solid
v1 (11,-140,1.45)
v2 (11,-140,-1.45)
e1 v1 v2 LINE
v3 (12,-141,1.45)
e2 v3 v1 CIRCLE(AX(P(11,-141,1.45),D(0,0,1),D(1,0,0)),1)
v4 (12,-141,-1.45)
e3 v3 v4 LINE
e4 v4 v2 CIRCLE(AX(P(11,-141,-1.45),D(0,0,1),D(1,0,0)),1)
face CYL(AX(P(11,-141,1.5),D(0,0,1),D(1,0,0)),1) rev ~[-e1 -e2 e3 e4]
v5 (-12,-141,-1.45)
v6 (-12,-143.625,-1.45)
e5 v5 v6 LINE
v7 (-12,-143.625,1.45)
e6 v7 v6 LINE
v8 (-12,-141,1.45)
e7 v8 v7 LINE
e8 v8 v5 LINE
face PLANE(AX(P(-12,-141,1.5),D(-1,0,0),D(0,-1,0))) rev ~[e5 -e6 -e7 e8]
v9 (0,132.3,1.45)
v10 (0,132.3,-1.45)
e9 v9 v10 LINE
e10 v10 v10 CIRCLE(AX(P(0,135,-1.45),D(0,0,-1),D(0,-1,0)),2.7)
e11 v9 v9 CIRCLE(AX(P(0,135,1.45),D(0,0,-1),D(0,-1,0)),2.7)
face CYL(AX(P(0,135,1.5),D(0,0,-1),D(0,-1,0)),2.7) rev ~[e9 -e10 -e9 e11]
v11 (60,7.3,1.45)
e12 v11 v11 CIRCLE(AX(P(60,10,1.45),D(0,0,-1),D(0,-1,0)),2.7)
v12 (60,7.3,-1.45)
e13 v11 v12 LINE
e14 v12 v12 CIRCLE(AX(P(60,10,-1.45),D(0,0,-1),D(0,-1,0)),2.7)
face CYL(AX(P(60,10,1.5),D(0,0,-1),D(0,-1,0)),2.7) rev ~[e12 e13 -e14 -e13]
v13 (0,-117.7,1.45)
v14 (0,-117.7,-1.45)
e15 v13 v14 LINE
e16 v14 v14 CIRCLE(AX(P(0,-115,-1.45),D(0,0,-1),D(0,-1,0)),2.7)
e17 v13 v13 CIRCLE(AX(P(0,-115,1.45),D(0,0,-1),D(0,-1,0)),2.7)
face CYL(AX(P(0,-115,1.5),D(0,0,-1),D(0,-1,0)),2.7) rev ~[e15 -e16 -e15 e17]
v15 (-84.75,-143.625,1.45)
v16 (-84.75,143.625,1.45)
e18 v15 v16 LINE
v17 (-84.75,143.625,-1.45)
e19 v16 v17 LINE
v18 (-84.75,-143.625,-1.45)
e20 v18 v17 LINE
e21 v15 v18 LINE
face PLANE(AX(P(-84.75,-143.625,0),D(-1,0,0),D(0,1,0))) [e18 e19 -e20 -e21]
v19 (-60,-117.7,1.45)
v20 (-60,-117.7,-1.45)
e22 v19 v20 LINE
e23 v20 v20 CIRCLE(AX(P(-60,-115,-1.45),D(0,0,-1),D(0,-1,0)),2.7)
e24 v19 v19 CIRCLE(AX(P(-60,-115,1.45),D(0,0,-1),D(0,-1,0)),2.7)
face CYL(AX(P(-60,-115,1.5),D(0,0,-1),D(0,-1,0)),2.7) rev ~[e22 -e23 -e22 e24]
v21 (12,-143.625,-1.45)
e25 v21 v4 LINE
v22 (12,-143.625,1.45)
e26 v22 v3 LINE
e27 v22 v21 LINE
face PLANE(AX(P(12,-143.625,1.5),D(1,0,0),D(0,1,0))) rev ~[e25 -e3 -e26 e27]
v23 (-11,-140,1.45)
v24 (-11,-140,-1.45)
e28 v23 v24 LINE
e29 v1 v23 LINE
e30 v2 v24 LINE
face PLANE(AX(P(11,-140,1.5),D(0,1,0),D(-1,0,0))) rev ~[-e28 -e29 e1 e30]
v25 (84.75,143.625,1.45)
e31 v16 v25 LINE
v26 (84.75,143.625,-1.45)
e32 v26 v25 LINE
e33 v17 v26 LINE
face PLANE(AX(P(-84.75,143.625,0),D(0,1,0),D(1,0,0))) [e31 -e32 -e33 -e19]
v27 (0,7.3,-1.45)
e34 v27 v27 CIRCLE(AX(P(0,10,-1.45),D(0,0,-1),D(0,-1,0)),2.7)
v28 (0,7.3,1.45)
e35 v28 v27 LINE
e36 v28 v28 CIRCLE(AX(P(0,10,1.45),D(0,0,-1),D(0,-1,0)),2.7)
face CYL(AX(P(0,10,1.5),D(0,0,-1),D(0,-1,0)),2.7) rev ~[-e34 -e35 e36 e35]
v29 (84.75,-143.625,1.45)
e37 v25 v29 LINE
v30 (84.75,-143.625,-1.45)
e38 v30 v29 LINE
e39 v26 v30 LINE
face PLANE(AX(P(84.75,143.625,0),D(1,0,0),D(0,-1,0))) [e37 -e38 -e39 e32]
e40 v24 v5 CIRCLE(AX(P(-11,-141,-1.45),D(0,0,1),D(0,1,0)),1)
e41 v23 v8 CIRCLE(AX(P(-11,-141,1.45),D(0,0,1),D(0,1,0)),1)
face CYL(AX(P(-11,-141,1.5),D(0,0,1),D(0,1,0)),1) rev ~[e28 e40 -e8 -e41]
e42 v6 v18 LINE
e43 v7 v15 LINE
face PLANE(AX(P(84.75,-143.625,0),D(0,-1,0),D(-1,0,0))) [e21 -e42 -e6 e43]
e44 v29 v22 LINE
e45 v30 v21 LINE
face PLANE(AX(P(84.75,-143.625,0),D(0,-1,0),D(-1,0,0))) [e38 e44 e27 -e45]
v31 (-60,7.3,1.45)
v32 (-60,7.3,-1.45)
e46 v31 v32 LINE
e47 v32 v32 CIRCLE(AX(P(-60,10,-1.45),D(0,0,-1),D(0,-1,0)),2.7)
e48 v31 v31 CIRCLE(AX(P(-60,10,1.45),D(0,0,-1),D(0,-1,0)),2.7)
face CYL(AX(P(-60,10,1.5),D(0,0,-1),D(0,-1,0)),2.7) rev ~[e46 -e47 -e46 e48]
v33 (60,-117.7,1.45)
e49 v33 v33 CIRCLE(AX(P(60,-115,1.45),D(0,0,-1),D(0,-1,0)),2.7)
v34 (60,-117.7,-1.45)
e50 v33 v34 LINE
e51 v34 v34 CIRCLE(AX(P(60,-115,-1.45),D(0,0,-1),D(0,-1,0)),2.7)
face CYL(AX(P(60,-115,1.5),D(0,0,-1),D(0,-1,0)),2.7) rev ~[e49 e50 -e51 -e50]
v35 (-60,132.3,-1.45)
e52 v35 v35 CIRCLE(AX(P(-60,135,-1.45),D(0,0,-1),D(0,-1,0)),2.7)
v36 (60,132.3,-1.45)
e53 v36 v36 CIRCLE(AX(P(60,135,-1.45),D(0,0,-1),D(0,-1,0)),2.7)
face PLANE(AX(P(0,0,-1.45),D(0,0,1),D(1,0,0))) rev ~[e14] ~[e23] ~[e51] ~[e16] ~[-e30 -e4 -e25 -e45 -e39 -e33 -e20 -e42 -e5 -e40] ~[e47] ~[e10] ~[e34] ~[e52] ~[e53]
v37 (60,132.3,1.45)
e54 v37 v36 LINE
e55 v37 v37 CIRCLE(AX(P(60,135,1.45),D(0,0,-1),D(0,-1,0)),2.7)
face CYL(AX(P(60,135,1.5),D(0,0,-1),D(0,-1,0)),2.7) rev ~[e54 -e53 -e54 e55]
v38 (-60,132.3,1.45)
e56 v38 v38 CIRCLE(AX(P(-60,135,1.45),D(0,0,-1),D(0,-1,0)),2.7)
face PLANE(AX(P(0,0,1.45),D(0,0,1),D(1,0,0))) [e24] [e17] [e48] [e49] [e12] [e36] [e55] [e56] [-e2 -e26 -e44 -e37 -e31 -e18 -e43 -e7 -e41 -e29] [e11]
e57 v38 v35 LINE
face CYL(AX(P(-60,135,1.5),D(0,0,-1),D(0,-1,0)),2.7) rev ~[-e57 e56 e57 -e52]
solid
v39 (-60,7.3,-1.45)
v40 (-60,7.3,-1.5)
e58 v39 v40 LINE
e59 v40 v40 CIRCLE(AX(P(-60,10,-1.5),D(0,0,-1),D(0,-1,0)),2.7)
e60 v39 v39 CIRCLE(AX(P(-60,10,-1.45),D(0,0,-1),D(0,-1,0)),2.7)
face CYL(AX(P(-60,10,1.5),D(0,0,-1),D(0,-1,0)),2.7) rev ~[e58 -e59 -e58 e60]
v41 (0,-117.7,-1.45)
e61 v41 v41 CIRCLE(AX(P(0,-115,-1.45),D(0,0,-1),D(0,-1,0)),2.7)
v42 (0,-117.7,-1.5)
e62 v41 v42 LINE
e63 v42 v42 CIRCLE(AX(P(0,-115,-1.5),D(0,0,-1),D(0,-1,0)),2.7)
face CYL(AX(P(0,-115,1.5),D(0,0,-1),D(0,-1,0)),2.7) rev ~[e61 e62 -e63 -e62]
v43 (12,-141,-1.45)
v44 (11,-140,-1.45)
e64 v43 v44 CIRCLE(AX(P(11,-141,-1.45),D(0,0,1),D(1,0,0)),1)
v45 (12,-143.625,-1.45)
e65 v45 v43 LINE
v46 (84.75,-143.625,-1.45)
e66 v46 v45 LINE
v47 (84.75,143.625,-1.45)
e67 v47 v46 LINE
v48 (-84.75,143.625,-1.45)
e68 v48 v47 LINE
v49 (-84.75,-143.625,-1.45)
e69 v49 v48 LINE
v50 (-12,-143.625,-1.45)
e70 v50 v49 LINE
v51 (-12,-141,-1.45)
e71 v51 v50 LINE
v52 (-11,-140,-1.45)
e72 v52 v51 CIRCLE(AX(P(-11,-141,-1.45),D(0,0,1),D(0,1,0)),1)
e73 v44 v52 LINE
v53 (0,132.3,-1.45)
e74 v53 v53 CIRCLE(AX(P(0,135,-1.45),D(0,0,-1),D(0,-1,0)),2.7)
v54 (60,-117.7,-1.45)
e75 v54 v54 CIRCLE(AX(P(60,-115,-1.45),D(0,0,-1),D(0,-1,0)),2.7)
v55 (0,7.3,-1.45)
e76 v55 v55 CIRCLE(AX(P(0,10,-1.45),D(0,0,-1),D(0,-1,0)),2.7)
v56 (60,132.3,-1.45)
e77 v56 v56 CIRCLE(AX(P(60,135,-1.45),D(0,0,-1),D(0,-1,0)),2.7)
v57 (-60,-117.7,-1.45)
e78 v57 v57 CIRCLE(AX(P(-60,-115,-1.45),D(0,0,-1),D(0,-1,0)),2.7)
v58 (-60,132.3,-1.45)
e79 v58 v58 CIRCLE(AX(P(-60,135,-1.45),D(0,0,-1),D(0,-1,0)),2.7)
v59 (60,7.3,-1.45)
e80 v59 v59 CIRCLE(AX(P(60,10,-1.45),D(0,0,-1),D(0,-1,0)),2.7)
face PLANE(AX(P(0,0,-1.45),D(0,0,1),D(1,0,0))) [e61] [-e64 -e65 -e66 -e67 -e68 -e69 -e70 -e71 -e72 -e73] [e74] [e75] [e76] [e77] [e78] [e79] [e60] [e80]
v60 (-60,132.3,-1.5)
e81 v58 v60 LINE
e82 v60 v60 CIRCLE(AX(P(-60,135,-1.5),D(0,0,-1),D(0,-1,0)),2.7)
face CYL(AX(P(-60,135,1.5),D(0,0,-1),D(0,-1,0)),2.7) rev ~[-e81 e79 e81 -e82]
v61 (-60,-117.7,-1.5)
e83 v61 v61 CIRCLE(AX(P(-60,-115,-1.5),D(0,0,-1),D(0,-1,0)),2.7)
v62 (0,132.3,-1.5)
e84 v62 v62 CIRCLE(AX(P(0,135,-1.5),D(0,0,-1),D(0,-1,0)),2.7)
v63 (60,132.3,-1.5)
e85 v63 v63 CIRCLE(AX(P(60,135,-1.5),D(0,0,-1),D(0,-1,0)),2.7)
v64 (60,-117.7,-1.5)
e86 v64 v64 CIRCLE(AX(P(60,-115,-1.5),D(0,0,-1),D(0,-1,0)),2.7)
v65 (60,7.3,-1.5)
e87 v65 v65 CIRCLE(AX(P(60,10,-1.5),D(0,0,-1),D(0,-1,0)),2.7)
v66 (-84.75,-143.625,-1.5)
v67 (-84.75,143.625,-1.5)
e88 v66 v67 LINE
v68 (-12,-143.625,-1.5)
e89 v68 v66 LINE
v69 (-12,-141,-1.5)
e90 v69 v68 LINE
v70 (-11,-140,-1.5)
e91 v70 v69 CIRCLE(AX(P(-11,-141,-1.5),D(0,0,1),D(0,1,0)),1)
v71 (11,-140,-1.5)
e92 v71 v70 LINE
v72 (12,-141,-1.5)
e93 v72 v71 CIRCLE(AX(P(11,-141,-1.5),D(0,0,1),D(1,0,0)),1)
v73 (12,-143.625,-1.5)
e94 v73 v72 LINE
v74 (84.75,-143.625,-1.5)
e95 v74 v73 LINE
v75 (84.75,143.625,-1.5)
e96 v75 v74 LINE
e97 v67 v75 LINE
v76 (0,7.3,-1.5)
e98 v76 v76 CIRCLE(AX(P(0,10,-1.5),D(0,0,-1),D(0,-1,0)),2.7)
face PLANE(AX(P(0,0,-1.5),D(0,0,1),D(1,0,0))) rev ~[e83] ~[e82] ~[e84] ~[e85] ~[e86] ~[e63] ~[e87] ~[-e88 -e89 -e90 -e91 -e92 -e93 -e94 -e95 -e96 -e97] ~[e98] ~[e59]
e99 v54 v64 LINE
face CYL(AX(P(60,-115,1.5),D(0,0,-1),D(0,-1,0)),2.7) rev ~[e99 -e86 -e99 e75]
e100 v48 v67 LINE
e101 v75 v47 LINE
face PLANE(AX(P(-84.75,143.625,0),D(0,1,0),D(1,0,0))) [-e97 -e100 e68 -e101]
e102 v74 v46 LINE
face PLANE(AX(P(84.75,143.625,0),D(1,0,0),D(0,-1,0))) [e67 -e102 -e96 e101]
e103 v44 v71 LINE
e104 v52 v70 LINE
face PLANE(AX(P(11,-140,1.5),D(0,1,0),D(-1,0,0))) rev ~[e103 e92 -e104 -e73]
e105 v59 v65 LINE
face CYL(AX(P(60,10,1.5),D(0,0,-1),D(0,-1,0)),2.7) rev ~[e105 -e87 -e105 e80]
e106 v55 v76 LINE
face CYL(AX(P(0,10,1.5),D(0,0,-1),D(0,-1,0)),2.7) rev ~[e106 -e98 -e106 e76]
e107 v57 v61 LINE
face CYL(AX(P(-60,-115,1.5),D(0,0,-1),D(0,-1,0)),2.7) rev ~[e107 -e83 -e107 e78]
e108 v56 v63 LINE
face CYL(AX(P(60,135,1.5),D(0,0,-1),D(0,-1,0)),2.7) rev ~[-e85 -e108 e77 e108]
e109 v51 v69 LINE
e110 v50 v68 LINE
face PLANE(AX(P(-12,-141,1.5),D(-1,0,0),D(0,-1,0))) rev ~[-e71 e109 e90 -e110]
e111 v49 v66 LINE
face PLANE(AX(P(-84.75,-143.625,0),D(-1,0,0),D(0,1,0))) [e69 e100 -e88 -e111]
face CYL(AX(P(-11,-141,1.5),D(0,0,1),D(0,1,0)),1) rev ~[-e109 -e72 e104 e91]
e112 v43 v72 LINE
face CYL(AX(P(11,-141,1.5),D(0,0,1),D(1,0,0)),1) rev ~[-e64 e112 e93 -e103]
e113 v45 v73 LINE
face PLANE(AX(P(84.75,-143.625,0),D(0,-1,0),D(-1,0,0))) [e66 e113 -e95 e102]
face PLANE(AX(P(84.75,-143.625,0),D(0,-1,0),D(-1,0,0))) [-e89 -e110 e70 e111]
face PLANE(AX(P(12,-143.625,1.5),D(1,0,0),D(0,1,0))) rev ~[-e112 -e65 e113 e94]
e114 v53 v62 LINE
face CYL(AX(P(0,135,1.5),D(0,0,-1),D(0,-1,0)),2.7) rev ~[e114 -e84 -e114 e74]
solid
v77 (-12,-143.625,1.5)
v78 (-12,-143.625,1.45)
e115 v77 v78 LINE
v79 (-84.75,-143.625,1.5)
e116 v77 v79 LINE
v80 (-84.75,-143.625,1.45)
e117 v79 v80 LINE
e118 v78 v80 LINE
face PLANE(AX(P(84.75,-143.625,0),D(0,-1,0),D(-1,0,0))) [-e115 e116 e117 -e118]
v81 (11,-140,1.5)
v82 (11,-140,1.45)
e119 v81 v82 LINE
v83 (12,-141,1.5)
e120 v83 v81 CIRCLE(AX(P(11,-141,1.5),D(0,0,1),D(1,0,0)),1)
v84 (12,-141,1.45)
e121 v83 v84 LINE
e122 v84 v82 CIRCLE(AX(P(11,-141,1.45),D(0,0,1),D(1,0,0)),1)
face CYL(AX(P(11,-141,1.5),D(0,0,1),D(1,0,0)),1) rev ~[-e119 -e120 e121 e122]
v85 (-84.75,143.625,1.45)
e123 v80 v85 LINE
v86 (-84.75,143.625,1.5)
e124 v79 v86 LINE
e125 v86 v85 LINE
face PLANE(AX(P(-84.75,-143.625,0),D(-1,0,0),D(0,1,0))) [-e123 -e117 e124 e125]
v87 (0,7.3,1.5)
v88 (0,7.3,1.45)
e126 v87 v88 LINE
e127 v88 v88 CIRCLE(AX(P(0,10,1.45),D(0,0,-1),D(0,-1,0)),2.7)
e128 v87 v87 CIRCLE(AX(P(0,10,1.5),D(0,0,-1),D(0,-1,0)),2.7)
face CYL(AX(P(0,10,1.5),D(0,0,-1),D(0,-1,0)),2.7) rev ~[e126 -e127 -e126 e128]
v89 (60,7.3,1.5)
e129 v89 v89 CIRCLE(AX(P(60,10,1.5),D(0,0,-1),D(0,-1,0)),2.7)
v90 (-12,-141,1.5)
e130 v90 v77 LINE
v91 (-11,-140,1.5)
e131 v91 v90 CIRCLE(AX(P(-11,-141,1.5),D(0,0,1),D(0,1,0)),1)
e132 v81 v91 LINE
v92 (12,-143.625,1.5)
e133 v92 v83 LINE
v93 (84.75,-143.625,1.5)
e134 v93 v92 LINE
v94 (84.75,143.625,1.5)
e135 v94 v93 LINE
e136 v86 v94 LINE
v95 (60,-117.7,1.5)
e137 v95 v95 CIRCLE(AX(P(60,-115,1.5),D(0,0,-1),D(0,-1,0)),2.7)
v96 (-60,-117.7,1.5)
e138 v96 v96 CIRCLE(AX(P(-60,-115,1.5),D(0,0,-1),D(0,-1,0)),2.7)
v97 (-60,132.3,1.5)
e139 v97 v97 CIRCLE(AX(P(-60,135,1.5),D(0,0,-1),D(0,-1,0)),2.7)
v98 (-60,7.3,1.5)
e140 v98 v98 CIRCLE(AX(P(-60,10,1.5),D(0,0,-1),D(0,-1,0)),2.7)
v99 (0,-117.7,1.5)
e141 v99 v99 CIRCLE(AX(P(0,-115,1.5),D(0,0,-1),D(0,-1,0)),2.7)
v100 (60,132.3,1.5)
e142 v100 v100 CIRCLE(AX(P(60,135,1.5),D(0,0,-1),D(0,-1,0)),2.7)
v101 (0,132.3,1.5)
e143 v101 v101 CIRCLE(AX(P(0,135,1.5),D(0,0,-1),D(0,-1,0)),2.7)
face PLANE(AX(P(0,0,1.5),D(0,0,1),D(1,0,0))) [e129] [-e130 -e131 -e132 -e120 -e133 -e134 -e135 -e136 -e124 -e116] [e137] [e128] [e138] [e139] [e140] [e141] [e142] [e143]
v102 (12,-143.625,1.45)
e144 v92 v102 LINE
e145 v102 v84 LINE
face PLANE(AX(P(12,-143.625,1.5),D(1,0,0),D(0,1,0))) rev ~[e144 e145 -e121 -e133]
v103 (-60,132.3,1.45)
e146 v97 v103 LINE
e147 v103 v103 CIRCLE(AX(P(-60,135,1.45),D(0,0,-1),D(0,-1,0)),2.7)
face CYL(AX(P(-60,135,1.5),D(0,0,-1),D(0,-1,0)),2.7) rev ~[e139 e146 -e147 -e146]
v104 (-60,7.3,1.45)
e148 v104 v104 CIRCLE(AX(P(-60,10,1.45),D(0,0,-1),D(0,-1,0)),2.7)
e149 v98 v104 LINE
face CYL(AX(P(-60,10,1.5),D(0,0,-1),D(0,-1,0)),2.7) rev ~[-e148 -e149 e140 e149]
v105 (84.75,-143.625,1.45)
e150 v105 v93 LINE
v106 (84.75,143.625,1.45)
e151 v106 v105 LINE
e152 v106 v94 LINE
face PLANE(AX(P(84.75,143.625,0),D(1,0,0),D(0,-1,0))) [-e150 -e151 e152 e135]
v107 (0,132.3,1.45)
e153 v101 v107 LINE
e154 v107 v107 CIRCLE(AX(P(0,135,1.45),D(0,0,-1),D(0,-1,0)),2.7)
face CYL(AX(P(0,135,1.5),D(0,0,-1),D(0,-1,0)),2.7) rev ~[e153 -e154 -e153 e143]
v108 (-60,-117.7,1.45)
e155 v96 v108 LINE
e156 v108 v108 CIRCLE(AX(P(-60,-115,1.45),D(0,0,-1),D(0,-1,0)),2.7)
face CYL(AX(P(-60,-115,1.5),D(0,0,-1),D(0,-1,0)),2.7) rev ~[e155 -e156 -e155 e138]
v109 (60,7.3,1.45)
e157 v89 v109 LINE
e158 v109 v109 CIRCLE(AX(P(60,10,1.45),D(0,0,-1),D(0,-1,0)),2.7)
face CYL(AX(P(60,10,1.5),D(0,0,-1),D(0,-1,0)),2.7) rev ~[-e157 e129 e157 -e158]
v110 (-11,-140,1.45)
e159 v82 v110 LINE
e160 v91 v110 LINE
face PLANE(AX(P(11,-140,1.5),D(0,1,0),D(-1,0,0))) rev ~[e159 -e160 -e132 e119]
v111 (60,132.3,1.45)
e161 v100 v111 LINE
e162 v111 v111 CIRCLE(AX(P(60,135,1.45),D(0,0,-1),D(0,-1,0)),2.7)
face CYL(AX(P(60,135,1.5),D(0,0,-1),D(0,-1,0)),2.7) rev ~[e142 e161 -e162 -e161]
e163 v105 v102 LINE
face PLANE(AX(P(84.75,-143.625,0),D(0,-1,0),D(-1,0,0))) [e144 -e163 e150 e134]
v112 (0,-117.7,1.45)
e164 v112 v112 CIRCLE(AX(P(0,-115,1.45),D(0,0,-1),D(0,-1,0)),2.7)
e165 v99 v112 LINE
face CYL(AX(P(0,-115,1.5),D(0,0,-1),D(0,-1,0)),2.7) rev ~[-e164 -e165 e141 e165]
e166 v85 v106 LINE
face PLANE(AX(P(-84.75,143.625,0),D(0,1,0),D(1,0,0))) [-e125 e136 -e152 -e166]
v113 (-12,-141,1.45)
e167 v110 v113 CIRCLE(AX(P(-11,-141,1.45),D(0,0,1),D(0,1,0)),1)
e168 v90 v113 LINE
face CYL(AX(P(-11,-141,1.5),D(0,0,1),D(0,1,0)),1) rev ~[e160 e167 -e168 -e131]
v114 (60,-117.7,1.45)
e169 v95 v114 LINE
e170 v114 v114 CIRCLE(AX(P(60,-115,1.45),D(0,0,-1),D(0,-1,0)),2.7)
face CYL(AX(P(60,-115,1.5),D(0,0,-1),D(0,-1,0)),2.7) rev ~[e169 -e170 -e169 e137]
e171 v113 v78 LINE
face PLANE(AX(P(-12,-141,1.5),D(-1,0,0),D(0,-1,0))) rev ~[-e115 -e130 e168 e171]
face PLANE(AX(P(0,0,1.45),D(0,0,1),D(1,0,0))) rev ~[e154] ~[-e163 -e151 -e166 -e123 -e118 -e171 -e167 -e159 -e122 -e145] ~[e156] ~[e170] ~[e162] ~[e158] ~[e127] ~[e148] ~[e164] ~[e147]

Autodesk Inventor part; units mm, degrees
ref_plane "YZ Plane" through (0, 0, 0) normal (1, 0, 0) x (0, 1, 0)
ref_plane "XZ Plane" through (0, 0, 0) normal (0, 1, 0) x (-1, 0, 0)
ref_plane "XY Plane" through (0, 0, 0) normal (0, 0, 1) x (1, 0, 0)
sketch "Sketch1" plane through (0, 0, 0) normal (0, 0, 1) x (1, 0, 0)
  line L0 (84.75, -143.625) -> (-84.75, -143.625)
  line L1 (-84.75, -143.625) -> (-84.75, 143.625)
  line L2 (-84.75, 143.625) -> (84.75, 143.625)
  line L3 (84.75, 143.625) -> (84.75, -143.625)
  line L4 (84.75, -143.625) -> (-84.75, 143.625) construction
  line L5 (-84.75, -143.625) -> (84.75, 143.625) construction
  point P0 (0, 0)
  dimension "d0" = 169.5
  dimension "d1" = 287.25
extrude "Extrusion1" add sketch "Sketch1" along normal mid plane 3
extrude "Extrusion2" cut sketch "Sketch1" along normal mid plane 2.9
extrude "Extrusion3" add sketch "Sketch1" along normal mid plane 2.9 separate body
sketch "Sketch2" plane through (0, 0, 1.5) normal (0, 0, 1) x (1, 0, 0)
  line L0 (-84.75, -143.625) -> (84.75, -143.625) projected
  line L1 (60, -115) -> (-60, -115) construction
  line L2 (-60, -115) -> (-60, 135) construction
  line L3 (-60, 135) -> (60, 135) construction
  line L4 (60, 135) -> (60, -115) construction
  line L5 (60, -115) -> (-60, 135) construction
  line L6 (-60, -115) -> (60, 135) construction
  point P0 (0, 0)
  point P1 (0, 10)
  point P2 (0, 135)
  point P3 (-60, 10)
  point P4 (60, 10)
  point P5 (0, -115)
  point P6 (60, 10)
  point P7 (0, 10)
  point P8 (-60, 10)
  dimension "d19" = 250
  dimension "d20" = 120
  dimension "d22" = 10
hole "Hole1" at (-60, 135, 1.5) at (-60, 10, 1.5) at (-60, -115, 1.5) at (0, -115, 1.5) at (60, -115, 1.5) at (60, 10, 1.5) at (0, 10, 1.5) at (0, 135, 1.5) at (60, 135, 1.5) direction (0, 0, -1) diameter 5.4 end through all bodies 1 2
sketch "Sketch3" plane through (0, 0, 1.5) normal (0, 0, 1) x (1, 0, 0)
  line L0 (-12, -143.625) -> (12, -143.625)
  line L1 (12, -143.625) -> (12, -141)
  line L2 (11, -140) -> (-11, -140)
  line L3 (-12, -141) -> (-12, -143.625)
  line L4 (-84.75, -143.625) -> (84.75, -143.625) projected
  arc A0 (-11, -140) -> (-12, -141) centre (-11, -141) ccw
  arc A1 (12, -141) -> (11, -140) centre (11, -141) ccw
  point P0 (0, 0)
  point P1 (12, -140)
  point P2 (-12, -140)
  point P3 (0, -143.625)
  dimension "d23" = 24
  dimension "d24" = 3.625
  dimension "d27" = 1
extrude "Extrusion4" cut sketch "Sketch3" against normal through all bodies 1 2
properties part number "Medium Internal Vertical Side Panels"
